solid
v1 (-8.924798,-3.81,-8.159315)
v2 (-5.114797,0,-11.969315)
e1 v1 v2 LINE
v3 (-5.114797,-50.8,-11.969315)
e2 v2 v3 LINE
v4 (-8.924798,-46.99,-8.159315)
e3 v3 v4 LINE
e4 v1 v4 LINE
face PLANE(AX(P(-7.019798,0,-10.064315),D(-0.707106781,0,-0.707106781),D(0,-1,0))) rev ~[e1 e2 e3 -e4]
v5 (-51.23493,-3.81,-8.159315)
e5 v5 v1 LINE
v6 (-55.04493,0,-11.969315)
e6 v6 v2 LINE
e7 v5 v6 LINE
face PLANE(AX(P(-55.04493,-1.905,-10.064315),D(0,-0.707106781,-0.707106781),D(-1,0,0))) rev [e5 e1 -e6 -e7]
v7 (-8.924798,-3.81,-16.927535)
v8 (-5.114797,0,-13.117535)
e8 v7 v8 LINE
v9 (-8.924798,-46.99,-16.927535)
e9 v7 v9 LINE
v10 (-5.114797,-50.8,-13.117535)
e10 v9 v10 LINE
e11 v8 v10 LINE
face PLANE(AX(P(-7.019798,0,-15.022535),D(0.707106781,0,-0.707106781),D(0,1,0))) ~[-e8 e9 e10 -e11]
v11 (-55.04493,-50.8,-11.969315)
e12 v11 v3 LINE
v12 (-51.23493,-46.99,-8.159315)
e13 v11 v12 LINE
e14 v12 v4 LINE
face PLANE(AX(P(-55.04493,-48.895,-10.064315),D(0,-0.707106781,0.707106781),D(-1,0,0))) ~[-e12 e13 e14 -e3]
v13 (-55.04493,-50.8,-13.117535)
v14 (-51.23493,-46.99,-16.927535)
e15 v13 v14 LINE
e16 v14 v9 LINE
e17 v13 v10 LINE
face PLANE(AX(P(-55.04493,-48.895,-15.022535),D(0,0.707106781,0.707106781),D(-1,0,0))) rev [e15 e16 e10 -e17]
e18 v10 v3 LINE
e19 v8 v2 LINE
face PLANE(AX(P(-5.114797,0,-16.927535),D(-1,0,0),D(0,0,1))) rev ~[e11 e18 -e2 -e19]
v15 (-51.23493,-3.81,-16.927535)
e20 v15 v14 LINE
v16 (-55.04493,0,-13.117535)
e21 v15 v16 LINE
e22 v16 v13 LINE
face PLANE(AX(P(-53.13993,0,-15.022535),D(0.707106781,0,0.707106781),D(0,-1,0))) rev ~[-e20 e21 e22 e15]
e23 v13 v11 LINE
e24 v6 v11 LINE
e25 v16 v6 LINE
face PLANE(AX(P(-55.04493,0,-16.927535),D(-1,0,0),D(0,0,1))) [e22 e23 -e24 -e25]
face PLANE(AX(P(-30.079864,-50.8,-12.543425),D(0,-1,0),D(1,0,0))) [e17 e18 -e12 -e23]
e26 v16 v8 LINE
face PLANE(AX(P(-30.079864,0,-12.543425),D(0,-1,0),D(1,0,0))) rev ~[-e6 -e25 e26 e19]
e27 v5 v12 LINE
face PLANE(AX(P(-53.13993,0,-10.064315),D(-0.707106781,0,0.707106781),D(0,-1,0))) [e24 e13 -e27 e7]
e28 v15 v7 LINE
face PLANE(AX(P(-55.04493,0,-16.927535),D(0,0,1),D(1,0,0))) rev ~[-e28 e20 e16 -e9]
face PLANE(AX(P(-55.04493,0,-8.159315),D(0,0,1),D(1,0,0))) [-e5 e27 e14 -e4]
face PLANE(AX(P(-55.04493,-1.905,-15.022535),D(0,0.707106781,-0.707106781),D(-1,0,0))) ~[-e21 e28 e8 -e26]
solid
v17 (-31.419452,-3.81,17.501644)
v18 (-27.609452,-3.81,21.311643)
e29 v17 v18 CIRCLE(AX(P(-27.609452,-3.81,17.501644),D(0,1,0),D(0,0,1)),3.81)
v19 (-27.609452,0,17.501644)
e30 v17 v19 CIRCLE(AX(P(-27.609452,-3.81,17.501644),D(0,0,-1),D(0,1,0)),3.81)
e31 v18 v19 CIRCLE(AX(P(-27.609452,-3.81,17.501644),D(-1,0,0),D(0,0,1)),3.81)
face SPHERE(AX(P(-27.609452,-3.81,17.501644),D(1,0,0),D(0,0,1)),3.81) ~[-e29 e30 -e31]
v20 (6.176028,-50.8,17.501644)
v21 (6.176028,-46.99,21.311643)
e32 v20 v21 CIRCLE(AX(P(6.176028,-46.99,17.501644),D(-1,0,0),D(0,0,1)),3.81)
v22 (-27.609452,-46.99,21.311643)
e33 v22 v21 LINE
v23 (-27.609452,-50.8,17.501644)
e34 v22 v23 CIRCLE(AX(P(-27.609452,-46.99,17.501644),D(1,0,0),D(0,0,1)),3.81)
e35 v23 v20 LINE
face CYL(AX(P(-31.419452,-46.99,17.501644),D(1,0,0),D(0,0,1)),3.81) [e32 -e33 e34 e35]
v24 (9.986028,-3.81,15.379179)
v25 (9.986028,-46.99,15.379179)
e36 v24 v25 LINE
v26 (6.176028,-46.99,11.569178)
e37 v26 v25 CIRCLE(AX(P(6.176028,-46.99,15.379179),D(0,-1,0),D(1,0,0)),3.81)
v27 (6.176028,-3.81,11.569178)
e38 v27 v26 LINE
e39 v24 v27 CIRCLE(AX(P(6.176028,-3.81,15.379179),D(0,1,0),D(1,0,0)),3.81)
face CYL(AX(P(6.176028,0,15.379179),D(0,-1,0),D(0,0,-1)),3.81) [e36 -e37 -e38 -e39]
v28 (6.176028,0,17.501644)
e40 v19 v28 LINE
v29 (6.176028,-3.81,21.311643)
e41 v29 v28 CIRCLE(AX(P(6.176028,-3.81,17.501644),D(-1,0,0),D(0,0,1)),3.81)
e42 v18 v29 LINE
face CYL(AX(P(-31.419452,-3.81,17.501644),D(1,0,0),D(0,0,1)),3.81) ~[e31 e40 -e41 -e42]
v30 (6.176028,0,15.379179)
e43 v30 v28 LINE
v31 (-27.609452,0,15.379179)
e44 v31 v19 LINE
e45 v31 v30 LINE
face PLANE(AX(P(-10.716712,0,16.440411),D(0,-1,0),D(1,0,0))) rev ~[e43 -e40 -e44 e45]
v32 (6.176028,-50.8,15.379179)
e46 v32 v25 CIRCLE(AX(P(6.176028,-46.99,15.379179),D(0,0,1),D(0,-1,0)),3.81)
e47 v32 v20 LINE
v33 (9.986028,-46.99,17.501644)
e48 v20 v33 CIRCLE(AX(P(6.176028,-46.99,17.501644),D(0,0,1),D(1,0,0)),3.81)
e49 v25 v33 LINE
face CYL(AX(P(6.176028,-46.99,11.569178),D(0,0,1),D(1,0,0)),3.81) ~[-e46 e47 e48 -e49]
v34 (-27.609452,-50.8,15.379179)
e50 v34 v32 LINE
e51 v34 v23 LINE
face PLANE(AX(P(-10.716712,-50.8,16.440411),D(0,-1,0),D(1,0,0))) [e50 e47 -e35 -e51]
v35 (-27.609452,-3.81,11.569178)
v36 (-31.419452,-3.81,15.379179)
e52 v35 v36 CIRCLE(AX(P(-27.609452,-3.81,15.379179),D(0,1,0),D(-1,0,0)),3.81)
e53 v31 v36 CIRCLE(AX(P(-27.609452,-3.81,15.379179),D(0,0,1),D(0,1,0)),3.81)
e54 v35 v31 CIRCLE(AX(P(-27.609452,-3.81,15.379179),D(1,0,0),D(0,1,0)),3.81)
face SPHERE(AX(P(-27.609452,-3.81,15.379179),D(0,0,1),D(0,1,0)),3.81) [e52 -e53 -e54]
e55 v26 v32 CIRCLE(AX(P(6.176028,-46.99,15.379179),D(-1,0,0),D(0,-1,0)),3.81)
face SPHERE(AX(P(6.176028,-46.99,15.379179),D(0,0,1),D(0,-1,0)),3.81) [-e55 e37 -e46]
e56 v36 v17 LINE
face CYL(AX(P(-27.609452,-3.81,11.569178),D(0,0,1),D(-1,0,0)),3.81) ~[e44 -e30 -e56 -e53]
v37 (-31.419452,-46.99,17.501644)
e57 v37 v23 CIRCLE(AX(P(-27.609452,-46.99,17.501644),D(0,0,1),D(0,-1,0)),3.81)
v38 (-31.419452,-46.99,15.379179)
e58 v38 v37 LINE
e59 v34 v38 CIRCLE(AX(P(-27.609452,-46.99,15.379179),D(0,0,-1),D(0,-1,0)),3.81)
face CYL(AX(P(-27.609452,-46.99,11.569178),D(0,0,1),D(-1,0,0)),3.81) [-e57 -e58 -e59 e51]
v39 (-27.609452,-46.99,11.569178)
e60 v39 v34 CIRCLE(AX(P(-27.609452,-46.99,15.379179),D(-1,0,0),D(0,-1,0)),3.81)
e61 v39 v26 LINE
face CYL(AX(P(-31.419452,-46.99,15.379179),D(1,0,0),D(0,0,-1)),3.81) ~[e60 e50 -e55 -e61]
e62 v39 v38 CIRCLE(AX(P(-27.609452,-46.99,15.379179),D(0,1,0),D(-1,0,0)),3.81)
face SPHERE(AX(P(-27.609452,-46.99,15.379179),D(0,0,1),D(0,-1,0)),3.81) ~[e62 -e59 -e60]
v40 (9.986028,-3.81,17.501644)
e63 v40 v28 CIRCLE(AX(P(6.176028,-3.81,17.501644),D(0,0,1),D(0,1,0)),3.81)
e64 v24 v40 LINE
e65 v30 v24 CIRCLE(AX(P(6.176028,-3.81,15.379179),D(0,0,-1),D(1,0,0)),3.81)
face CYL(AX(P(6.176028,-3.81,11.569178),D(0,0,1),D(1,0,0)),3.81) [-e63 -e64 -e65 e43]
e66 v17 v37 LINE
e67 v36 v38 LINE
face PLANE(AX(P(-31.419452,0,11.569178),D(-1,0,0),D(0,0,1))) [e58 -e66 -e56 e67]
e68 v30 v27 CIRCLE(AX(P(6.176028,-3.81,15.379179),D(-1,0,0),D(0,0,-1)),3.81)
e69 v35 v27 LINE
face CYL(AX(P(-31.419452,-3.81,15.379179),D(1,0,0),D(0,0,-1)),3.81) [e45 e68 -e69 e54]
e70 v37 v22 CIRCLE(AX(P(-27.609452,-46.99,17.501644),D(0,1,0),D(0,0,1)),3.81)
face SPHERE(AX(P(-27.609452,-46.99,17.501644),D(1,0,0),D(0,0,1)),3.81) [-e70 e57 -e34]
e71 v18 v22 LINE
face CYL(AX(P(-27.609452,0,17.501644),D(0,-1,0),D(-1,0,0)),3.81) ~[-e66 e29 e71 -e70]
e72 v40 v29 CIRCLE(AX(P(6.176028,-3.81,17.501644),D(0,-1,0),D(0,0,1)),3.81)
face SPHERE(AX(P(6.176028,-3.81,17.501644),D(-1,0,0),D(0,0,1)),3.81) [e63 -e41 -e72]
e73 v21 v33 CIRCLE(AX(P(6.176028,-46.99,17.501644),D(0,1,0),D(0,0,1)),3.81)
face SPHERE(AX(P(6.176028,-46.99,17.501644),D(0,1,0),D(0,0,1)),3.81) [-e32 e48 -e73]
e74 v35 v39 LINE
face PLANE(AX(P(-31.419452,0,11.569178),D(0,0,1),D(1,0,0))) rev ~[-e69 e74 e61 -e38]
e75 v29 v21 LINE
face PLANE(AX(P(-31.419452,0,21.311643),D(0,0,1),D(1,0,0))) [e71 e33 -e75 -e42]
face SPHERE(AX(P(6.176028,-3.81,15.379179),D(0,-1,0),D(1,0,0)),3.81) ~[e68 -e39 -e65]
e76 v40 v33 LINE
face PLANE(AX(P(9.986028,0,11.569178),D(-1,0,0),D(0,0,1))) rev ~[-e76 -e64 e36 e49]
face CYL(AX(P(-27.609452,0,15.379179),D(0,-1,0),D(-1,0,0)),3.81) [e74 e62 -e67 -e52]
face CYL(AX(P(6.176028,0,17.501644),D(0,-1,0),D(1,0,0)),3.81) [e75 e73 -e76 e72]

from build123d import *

# Parameters (mm, degrees)
F0_W     = 49.930133
F0_H     = 8.76822
F0_W_2   = 41.40548
F0_H_2   = 9.742465
F1_DEPTH = 50.8
F2_R     = 3.81
F3_SIZE  = 3.81


with BuildPart() as f1:
    # F0 (on Front) → F1 (new body)
    with BuildSketch(Plane.XZ):
        with Locations((-30.079864, -12.543425)):
            Rectangle(F0_W, F0_H)
        with Locations((-10.716712, 16.440411)):
            Rectangle(F0_W_2, F0_H_2)
    extrude(amount=F1_DEPTH)

    # F2
    f2_edges = [f1.edges().sort_by_distance(p)[0] for p in [
        (-10.716712, 0, 21.311644),
        (9.986028, -25.4, 21.311644),
        (-10.716712, -50.8, 21.311644),
        (-31.419452, -25.4, 21.311644),
        (9.986028, -50.8, 16.440412),
        (-31.419452, -50.8, 16.440412),
        (-10.716712, -50.8, 11.569179),
        (9.986028, -25.4, 11.569179),
        (9.986028, 0, 16.440412),
        (-31.419452, 0, 16.440412),
        (-10.716712, 0, 11.569179),
        (-31.419452, -25.4, 11.569179),
    ]]
    fillet(f2_edges, radius=F2_R)

    # F3
    f3_edges = [f1.edges().sort_by_distance(p)[0] for p in [
        (-30.079863, 0, -8.159315),
        (-30.079863, 0, -16.927535),
        (-55.04493, -25.4, -8.159315),
        (-55.04493, -25.4, -16.927535),
        (-5.114797, -25.4, -8.159315),
        (-30.079863, -50.8, -8.159315),
        (-30.079863, -50.8, -16.927535),
        (-5.114797, -25.4, -16.927535),
    ]]
    chamfer(f3_edges, length=F3_SIZE)


solid = f1.part
